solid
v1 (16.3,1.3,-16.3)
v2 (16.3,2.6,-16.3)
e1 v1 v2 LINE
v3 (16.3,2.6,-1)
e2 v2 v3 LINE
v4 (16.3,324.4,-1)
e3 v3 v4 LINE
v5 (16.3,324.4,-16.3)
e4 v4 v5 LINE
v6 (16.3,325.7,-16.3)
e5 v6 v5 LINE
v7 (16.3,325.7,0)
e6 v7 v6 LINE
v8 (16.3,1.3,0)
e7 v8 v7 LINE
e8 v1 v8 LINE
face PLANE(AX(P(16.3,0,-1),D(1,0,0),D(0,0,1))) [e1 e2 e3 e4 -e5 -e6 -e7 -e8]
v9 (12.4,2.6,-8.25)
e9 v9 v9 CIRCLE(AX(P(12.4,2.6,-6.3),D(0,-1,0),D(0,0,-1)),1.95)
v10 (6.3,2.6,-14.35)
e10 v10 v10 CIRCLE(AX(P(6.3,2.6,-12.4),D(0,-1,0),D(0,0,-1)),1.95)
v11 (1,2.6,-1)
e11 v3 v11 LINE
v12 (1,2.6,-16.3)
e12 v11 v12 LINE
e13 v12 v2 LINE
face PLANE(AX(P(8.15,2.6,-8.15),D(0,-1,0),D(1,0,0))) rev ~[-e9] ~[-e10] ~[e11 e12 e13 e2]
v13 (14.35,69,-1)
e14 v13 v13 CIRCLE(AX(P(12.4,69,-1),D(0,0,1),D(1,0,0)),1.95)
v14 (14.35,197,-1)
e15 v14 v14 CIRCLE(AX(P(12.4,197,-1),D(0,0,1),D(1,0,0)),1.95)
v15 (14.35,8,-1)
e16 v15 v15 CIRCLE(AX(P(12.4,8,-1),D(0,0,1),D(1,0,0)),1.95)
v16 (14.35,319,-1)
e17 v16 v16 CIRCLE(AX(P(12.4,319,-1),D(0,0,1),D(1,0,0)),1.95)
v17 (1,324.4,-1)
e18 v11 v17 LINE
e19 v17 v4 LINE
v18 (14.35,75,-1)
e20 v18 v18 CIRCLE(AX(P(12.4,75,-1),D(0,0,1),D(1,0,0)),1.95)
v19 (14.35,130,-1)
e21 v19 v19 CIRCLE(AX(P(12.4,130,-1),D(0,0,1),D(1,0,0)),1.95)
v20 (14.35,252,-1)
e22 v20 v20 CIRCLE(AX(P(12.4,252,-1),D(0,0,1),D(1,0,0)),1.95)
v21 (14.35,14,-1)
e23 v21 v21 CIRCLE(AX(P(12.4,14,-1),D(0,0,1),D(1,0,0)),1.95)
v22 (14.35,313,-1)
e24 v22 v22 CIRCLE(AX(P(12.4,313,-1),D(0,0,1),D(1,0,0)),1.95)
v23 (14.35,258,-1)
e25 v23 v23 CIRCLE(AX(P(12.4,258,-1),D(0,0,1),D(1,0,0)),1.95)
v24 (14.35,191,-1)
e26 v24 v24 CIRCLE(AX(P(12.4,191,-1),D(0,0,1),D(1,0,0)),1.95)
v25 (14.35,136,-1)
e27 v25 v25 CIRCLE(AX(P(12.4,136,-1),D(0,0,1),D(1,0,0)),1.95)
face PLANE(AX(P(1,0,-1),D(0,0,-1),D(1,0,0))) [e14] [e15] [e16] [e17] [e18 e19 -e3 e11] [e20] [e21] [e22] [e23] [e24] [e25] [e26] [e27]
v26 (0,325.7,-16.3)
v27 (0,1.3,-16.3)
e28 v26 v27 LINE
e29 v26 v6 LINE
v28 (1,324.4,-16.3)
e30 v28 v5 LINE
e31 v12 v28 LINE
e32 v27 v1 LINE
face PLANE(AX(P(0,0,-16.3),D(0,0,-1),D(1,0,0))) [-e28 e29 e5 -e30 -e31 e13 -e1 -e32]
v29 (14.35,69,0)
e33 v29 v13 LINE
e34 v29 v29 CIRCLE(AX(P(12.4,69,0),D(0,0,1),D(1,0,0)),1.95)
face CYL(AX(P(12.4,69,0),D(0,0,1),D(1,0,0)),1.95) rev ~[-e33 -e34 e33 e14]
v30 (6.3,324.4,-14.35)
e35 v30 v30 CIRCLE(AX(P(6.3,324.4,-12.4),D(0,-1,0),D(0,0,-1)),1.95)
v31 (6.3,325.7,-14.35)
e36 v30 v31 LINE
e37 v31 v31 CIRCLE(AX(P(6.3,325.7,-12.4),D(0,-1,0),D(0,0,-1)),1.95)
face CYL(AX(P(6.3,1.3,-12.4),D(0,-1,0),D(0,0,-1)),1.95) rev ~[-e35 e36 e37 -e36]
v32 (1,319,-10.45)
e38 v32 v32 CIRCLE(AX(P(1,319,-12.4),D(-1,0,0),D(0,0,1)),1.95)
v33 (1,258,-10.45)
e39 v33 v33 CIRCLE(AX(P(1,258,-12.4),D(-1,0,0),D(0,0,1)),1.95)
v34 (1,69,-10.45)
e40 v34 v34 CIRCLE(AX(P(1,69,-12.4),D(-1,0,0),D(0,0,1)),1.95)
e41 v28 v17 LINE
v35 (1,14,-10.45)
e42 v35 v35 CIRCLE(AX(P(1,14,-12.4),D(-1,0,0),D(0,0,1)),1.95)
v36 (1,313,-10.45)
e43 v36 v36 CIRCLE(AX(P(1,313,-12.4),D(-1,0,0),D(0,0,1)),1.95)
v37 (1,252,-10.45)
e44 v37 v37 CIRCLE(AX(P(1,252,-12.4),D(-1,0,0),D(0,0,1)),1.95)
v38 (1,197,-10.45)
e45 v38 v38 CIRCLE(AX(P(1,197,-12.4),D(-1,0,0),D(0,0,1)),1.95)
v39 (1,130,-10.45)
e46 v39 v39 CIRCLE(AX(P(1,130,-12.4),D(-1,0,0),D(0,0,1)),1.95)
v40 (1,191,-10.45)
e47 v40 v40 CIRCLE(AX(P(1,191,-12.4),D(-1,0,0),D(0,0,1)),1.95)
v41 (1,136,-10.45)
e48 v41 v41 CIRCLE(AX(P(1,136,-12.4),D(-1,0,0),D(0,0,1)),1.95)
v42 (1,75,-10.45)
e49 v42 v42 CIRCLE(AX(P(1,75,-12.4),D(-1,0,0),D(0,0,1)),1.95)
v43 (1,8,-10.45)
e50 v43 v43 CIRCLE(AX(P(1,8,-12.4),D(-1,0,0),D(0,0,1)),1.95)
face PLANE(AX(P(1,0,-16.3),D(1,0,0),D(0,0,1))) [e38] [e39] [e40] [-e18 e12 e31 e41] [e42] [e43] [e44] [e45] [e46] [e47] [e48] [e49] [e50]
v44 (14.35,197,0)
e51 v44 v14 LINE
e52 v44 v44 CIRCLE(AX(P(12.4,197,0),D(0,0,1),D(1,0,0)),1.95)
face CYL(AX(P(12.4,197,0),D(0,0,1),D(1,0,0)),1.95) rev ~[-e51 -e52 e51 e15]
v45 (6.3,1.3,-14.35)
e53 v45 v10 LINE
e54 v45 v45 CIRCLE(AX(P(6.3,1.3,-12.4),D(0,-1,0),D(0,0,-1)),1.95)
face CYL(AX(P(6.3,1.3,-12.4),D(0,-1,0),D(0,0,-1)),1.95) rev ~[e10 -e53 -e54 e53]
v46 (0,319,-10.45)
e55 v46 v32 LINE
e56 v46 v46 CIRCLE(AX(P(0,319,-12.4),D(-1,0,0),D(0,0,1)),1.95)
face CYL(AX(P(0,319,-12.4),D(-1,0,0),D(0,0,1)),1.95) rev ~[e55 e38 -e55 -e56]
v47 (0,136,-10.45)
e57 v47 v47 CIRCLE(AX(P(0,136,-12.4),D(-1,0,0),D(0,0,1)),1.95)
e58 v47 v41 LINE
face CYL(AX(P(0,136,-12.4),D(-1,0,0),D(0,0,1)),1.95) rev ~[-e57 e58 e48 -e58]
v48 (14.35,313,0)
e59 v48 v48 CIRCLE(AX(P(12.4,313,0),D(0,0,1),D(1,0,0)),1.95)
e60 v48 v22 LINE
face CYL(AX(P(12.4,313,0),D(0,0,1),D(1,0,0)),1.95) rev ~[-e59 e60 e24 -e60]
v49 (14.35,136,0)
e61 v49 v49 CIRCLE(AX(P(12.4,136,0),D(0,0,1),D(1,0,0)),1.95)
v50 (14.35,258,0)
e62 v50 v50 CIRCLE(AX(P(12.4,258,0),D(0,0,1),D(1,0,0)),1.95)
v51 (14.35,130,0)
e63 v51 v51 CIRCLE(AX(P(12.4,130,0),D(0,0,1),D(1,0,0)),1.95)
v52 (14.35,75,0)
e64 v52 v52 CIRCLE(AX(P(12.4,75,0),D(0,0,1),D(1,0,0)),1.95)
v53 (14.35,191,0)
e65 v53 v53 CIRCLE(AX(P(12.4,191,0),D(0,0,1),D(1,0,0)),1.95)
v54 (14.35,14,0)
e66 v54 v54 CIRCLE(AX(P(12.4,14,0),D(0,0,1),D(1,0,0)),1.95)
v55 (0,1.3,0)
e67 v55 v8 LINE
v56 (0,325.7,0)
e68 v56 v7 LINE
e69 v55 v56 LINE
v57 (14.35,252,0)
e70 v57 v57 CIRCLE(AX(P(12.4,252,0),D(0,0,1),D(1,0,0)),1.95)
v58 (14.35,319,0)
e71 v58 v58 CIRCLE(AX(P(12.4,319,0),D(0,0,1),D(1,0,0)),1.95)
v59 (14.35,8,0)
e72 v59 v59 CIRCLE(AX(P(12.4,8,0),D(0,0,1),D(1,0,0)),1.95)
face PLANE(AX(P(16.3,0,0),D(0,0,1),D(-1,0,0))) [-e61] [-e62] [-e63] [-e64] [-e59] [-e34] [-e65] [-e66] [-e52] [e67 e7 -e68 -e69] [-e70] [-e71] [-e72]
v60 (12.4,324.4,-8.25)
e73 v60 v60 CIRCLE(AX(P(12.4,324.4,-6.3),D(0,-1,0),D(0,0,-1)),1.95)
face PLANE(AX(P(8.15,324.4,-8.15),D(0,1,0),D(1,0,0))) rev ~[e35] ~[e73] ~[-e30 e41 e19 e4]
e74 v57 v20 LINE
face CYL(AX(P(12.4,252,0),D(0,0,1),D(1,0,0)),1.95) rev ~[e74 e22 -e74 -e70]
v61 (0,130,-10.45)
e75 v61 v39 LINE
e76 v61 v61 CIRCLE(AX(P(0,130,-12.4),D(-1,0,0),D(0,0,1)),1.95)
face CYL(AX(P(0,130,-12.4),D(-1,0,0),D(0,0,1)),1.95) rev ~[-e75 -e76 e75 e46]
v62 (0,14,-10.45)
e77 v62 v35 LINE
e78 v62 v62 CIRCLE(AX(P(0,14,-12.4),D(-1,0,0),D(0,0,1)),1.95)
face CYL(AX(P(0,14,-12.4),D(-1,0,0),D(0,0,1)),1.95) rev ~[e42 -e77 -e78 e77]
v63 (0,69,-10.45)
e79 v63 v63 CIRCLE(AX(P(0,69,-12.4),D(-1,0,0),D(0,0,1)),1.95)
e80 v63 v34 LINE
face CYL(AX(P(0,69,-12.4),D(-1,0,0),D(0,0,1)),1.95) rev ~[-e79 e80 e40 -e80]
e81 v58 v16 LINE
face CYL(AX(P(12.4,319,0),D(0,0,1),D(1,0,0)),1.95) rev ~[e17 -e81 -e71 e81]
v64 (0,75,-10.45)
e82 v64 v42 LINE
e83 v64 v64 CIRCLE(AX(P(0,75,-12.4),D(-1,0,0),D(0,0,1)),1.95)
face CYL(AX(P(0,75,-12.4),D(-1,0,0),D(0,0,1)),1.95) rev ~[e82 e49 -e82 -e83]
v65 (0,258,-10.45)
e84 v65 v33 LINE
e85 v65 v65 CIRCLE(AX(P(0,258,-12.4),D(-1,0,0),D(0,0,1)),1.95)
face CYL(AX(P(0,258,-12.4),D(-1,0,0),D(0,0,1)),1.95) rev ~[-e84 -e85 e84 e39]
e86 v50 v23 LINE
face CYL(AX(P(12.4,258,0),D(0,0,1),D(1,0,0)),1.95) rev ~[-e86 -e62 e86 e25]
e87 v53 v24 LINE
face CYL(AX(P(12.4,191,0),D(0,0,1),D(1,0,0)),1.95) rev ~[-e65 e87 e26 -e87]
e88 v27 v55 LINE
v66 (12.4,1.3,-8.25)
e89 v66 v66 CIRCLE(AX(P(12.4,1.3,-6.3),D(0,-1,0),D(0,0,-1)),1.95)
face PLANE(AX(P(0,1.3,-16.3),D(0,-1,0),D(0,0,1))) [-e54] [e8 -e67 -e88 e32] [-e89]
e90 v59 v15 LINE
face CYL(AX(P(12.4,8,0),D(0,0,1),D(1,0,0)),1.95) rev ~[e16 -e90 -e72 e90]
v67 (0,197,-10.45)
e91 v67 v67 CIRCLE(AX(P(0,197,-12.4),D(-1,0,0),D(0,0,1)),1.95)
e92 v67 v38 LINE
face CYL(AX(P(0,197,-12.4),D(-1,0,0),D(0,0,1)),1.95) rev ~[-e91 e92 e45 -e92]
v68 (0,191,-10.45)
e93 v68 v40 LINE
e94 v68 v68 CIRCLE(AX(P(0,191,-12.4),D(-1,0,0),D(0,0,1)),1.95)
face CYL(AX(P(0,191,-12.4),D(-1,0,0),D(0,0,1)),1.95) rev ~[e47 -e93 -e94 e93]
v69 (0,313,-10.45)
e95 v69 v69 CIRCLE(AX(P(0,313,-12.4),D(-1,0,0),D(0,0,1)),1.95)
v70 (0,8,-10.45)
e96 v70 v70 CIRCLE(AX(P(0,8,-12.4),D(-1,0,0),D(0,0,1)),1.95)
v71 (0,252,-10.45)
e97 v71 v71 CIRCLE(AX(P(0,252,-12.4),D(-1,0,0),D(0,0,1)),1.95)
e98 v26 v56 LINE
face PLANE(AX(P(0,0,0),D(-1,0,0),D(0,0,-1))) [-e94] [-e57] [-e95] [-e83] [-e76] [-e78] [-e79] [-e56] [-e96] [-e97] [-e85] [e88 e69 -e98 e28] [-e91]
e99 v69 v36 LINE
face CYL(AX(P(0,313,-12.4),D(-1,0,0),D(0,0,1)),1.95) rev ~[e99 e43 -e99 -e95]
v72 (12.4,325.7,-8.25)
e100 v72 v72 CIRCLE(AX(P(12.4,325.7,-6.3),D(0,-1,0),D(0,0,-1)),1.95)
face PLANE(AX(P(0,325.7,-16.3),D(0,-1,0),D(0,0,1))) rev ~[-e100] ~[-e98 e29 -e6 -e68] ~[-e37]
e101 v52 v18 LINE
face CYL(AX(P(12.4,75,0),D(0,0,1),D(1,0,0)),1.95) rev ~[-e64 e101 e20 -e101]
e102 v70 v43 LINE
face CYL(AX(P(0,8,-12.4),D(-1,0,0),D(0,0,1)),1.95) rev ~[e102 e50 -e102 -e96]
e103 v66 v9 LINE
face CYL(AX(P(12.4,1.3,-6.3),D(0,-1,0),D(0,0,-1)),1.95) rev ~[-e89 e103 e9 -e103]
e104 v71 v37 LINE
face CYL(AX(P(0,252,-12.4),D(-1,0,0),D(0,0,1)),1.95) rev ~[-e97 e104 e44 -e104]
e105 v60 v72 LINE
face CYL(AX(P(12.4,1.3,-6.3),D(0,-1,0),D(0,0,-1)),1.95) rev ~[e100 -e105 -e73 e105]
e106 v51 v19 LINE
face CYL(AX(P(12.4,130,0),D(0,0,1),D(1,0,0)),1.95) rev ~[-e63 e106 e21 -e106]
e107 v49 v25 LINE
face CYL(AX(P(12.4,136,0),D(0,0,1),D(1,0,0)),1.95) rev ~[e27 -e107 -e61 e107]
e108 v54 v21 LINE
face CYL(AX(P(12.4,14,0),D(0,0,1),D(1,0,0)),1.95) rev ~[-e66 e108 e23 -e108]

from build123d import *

# Parameters (mm, degrees)
BOSS_EXTRUDE1_DEPTH = 327
SKETCH2_R           = 1.95
CUT_EXTRUDE1_DEPTH  = 2
SKETCH3_R           = 1.95
CUT_EXTRUDE2_DEPTH  = 2
SKETCH5_W           = 16.3
SKETCH5_H           = 1.3
CUT_EXTRUDE4_DEPTH  = 20
SKETCH6_W           = 16.3
SKETCH6_H           = 16.3
BOSS_EXTRUDE3_DEPTH = 1.3
SKETCH7_W           = 16.3
SKETCH7_H           = 16.3
BOSS_EXTRUDE4_DEPTH = 1.3
SKETCH8_R           = 1.95
CUT_EXTRUDE7_DEPTH  = 350


with BuildPart() as part:
    # Sketch1 → Boss-Extrude1 (new body)
    with BuildSketch(Plane(origin=(0, 0, 0), x_dir=(1, 0, 0), z_dir=(0, 1, 0))):
        Polygon((0, 0), (0, 16.3), (1, 16.3), (1, 1), (16.3, 1), (16.3, 0), align=None)
    extrude(amount=BOSS_EXTRUDE1_DEPTH)

    # Sketch2 → Cut-Extrude1 (cut)
    with BuildSketch(Plane.XY):
        with Locations((12.4, 197)):
            Circle(SKETCH2_R)
        with Locations((12.4, 191)):
            Circle(SKETCH2_R)
        with Locations((12.4, 136)):
            Circle(SKETCH2_R)
        with Locations((12.4, 130)):
            Circle(SKETCH2_R)
        with Locations((12.4, 75)):
            Circle(SKETCH2_R)
        with Locations((12.4, 69)):
            Circle(SKETCH2_R)
        with Locations((12.4, 14)):
            Circle(SKETCH2_R)
        with Locations((12.4, 8)):
            Circle(SKETCH2_R)
        with Locations((12.4, 319)):
            Circle(SKETCH2_R)
        with Locations((12.4, 313)):
            Circle(SKETCH2_R)
        with Locations((12.4, 258)):
            Circle(SKETCH2_R)
        with Locations((12.4, 252)):
            Circle(SKETCH2_R)
    extrude(amount=-CUT_EXTRUDE1_DEPTH, mode=Mode.SUBTRACT)

    # Sketch3 → Cut-Extrude2 (cut)
    with BuildSketch(Plane.ZY):
        with Locations((-12.4, 313)):
            Circle(SKETCH3_R)
        with Locations((-12.4, 258)):
            Circle(SKETCH3_R)
        with Locations((-12.4, 252)):
            Circle(SKETCH3_R)
        with Locations((-12.4, 197)):
            Circle(SKETCH3_R)
        with Locations((-12.4, 191)):
            Circle(SKETCH3_R)
        with Locations((-12.4, 136)):
            Circle(SKETCH3_R)
        with Locations((-12.4, 130)):
            Circle(SKETCH3_R)
        with Locations((-12.4, 75)):
            Circle(SKETCH3_R)
        with Locations((-12.4, 69)):
            Circle(SKETCH3_R)
        with Locations((-12.4, 8)):
            Circle(SKETCH3_R)
        with Locations((-12.4, 14)):
            Circle(SKETCH3_R)
        with Locations((-12.4, 319)):
            Circle(SKETCH3_R)
    extrude(amount=-CUT_EXTRUDE2_DEPTH, mode=Mode.SUBTRACT)

    # Sketch5 → Cut-Extrude4 (cut)
    with BuildSketch(Plane.ZY):
        with Locations((-8.15, 0.65)):
            Rectangle(SKETCH5_W, SKETCH5_H)
        with Locations((-8.15, 326.35)):
            Rectangle(SKETCH5_W, SKETCH5_H)
    extrude(amount=-CUT_EXTRUDE4_DEPTH, mode=Mode.SUBTRACT)

    # Sketch6 → Boss-Extrude3 (add)
    with BuildSketch(Plane(origin=(0, 325.7, 0), x_dir=(1, 0, 0), z_dir=(0, 1, 0))):
        with Locations((8.15, 8.15)):
            Rectangle(SKETCH6_W, SKETCH6_H)
    extrude(amount=-BOSS_EXTRUDE3_DEPTH)

    # Sketch7 → Boss-Extrude4 (add)
    with BuildSketch(Plane.XZ.offset(-1.3)):
        with Locations((8.15, -8.15)):
            Rectangle(SKETCH7_W, SKETCH7_H)
    extrude(amount=-BOSS_EXTRUDE4_DEPTH)

    # Sketch8 → Cut-Extrude7 (cut)
    with BuildSketch(Plane.XZ.offset(-1.3)):
        with Locations(Location((12.4, -6.3, 0), (0, 0, 270))):
            Circle(SKETCH8_R)
        with Locations(Location((6.3, -12.4, 0), (0, 0, 270))):
            Circle(SKETCH8_R)
    extrude(amount=-CUT_EXTRUDE7_DEPTH, mode=Mode.SUBTRACT)


solid = part.part
